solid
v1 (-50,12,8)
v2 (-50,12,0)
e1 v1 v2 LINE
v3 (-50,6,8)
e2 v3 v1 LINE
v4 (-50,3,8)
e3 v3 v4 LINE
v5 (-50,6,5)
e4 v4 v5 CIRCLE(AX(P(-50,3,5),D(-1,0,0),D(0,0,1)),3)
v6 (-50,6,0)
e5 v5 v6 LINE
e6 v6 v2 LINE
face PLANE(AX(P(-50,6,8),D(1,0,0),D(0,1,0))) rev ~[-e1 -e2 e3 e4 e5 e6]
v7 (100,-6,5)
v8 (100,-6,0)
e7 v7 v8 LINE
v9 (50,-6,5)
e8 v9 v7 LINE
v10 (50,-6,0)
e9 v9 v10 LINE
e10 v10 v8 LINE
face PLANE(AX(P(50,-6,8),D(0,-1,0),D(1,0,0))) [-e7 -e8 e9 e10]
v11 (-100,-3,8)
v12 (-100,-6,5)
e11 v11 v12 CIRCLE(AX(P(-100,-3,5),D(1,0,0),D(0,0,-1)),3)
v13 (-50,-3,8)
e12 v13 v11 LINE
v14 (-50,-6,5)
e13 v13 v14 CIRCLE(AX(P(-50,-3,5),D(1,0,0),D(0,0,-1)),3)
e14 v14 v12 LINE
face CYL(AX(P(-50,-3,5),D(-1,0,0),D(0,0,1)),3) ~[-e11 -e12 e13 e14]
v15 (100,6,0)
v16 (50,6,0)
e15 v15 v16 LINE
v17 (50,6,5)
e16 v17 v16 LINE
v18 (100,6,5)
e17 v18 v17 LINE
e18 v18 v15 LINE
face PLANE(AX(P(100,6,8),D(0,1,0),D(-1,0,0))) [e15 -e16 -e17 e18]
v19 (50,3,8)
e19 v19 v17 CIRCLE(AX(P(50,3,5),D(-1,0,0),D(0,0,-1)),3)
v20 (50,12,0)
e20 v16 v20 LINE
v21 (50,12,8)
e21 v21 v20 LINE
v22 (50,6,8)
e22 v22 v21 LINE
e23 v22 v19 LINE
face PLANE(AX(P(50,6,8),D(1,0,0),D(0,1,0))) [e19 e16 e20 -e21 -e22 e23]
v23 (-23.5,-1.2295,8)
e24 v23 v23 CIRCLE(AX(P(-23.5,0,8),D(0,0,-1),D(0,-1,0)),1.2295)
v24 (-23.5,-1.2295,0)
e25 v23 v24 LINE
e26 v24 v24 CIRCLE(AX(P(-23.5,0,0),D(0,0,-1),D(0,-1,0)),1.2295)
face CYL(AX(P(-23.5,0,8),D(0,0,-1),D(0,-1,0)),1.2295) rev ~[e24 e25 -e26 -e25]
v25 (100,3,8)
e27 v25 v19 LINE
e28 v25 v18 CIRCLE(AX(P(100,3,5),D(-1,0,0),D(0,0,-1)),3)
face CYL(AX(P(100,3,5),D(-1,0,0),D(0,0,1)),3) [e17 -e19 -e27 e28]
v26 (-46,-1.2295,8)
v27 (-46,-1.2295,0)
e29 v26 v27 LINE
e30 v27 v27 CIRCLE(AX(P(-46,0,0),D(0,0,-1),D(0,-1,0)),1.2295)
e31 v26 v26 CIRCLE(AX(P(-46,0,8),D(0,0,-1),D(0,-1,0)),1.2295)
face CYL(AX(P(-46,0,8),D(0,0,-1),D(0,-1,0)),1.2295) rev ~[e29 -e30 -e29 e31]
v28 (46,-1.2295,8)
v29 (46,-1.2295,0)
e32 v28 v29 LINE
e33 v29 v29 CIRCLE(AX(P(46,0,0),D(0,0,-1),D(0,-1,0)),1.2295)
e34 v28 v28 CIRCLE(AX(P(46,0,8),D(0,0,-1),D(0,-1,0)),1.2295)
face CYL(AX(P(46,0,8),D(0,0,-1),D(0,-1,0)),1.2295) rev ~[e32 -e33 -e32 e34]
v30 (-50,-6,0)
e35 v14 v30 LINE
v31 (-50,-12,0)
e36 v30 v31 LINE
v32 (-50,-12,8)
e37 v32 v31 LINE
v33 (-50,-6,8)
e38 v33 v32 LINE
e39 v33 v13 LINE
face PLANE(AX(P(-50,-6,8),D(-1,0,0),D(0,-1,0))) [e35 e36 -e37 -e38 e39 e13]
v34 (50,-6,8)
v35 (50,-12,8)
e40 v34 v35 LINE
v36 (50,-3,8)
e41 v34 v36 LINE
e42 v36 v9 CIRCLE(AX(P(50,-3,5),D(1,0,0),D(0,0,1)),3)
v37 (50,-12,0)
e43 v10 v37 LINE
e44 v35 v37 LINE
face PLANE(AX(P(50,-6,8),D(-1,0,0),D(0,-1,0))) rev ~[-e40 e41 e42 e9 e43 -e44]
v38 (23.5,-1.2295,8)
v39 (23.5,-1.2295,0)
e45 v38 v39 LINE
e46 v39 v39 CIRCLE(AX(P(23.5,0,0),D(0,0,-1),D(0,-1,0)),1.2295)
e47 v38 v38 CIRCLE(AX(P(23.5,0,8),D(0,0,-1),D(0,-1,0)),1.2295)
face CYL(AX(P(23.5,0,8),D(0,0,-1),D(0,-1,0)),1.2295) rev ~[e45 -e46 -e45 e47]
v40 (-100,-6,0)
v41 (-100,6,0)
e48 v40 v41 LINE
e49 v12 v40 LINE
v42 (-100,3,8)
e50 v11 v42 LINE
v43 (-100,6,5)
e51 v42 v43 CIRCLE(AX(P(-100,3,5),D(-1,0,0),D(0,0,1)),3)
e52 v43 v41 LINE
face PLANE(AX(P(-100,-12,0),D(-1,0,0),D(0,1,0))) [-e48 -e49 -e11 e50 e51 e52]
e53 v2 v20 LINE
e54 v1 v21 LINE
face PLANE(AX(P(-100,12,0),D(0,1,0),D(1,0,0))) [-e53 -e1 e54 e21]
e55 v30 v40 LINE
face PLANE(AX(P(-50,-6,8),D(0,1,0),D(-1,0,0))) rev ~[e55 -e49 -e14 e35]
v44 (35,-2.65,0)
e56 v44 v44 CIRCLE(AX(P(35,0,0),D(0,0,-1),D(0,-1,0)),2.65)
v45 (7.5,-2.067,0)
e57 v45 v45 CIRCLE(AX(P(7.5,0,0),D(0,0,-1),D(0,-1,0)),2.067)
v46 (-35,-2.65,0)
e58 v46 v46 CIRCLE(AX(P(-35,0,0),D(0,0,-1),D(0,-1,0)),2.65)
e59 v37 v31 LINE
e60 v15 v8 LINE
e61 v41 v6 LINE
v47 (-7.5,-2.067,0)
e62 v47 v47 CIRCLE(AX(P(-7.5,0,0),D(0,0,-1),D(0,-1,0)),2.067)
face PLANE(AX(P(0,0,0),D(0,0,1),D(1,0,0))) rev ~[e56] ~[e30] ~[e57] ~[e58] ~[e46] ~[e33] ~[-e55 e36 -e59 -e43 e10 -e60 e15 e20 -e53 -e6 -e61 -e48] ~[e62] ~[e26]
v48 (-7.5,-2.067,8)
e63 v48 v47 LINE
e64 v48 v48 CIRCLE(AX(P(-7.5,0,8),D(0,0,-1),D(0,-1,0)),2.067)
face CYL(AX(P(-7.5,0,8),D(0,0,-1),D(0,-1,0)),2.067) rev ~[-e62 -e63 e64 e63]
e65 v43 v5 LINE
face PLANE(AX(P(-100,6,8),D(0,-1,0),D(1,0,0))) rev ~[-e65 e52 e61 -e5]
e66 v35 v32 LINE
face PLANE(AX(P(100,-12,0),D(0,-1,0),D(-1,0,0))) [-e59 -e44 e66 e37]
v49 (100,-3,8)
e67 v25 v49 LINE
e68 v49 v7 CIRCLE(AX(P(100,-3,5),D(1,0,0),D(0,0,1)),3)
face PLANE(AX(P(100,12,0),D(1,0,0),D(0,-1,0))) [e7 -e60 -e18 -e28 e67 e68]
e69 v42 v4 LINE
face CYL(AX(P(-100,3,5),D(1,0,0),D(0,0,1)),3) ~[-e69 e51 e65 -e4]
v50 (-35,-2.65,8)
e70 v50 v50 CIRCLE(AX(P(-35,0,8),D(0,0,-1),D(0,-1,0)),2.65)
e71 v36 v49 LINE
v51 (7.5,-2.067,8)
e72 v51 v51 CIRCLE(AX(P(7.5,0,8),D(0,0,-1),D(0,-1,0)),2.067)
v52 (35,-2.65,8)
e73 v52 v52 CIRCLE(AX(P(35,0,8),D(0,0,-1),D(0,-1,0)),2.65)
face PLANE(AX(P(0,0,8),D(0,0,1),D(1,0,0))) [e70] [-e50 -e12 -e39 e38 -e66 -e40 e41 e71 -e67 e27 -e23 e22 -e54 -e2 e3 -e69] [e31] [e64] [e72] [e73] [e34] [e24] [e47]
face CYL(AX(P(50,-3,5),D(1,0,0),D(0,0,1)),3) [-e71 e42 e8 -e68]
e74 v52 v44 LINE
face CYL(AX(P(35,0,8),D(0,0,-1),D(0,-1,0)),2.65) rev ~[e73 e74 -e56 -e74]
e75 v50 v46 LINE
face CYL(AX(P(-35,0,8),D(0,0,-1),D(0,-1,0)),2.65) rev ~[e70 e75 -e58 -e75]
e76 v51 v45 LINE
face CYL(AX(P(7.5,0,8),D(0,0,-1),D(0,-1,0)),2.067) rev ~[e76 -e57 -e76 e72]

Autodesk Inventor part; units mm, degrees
ref_plane "YZ Plane" through (0, 0, 0) normal (1, 0, 0) x (0, 1, 0)
ref_plane "XZ Plane" through (0, 0, 0) normal (0, 1, 0) x (-1, 0, 0)
ref_plane "XY Plane" through (0, 0, 0) normal (0, 0, 1) x (1, 0, 0)
sketch "Sketch1" plane through (0, 0, 0) normal (0, 0, 1) x (1, 0, 0)
  line L0 (0, 20.1746) -> (0, -21.4461) construction
  line L1 (-20.2028, 0) -> (20.1685, 0) construction
  line L2 (-100, 12) -> (100, 12)
  line L3 (100, 12) -> (100, -12)
  line L4 (100, -12) -> (-100, -12)
  line L5 (-100, -12) -> (-100, 12)
  point P0 (0, 0)
  dimension "d0" = 24
  dimension "d1" = 12
  dimension "d2" = 200
  dimension "d3" = 100
extrude "Extrusion1" add sketch "Sketch1" along normal blind 8
fillet "Fillet1" [suppressed]
chamfer "Chamfer1" [suppressed]
sketch "Skizze2" plane through (0, 0, 8) normal (0, 0, 1) x (1, 0, 0)
  line L0 (-7.5, 0) -> (7.5, 0)
  point P0 (0, 0)
  point P1 (0, 0)
  dimension "d12" = 15
sketch "Skizze3" plane through (0, 0, 8) normal (0, 0, 1) x (1, 0, 0)
  line L0 (-35, 0) -> (35, 0) construction
  point P0 (0, 0)
  point P1 (0, 0)
  dimension "d13" = 70
hole "Bohrung1" at (-35, 0, 8) at (35, 0, 8) direction (0, 0, -1) diameter 5.3 end through all clearance for "Sechskantkopfschraube" size "M5" standard "ANSI Metrisches M Profil"
hole "Bohrung2" at (-7.5, 0, 8) at (7.5, 0, 8) direction (0, 0, -1) diameter 4.134 end through all thread size "M5x0.8" class "6H" standard "ANSI Metric M Profile"
sketch "Skizze4" plane through (0, 0, 8) normal (0, 0, 1) x (1, 0, 0)
  circle A0 centre (-46, 0) radius 1.6 projected
  circle A1 centre (-23.5, 0) radius 1.6 projected
  circle A2 centre (46, 0) radius 1.6 projected
  circle A3 centre (23.5, 0) radius 1.6 projected
  point P0 (0, 0)
hole "Bohrung3" at (23.5, 0, 8) at (46, 0, 8) at (-23.5, 0, 8) at (-46, 0, 8) direction (0, 0, -1) diameter 2.459 end through all thread size "M3x0.5" class "6H" standard "ANSI Metric M Profile"
sketch "Skizze5" plane through (0, 0, 8) normal (0, 0, 1) x (1, 0, 0)
  line L0 (-100, 6) -> (-50, 6)
  line L1 (-50, 6) -> (-50, -6)
  line L2 (-50, -6) -> (-100, -6)
  line L3 (-100, -6) -> (-100, 6)
  line L4 (-100, 12) -> (-100, -12) projected
  line L5 (-50, -6) -> (-50, -12)
  line L6 (-50, 6) -> (-50, 12)
  line L7 (100, 12) -> (-100, 12) projected
  line L8 (-50, 12) -> (-100, 12)
  line L9 (-100, -12) -> (100, -12) projected
  line L10 (-50, -12) -> (-100, -12)
  line L11 (0, 12) -> (0, -12)
  line L12 (100, 6) -> (50, 6)
  line L13 (50, 6) -> (50, -6)
  line L14 (50, -6) -> (100, -6)
  line L15 (100, -6) -> (100, 6)
  line L16 (100, 12) -> (100, -12)
  line L17 (50, -6) -> (50, -12)
  line L18 (50, 6) -> (50, 12)
  line L19 (50, 12) -> (100, 12)
  line L20 (50, -12) -> (100, -12)
  point P0 (0, 0)
  point P1 (-100, 0)
  point P2 (-100, 6)
  point P3 (100, 0)
  point P4 (50, -12)
  point P5 (50, 12)
  dimension "d35" = 50
  dimension "d36" = 12
extrude "Extrusion2" cut sketch "Skizze5" against normal through all contours L4 L7 L6 L0 | L2 L5 L9 L4 | L7 L16 L12 L18 | L17 L14 L16 L9
fillet "Rundung2" radius 3 4 edges at (-75, -6, 8) (-75, 6, 8) (75, 6, 8) (75, -6, 8)
equation "\"d0\" = height"
equation "\"d1\" = 0.5 * height"
equation "\"d2\" = width"
equation "\"d3\" = 0.5 * width"
equation "\"d4\" = thickness"
equation "\"fillet\" = 0"
equation "\"chamfer\" = 0"
equation "\"thickness\" = 8"
equation "\"width\" = 200"
equation "\"height\" = 24"
properties part number "Platte Scharfe Ecken (mm) 150 x 30 x 8" material "Stahl, weich, Feste-Einspannung"
